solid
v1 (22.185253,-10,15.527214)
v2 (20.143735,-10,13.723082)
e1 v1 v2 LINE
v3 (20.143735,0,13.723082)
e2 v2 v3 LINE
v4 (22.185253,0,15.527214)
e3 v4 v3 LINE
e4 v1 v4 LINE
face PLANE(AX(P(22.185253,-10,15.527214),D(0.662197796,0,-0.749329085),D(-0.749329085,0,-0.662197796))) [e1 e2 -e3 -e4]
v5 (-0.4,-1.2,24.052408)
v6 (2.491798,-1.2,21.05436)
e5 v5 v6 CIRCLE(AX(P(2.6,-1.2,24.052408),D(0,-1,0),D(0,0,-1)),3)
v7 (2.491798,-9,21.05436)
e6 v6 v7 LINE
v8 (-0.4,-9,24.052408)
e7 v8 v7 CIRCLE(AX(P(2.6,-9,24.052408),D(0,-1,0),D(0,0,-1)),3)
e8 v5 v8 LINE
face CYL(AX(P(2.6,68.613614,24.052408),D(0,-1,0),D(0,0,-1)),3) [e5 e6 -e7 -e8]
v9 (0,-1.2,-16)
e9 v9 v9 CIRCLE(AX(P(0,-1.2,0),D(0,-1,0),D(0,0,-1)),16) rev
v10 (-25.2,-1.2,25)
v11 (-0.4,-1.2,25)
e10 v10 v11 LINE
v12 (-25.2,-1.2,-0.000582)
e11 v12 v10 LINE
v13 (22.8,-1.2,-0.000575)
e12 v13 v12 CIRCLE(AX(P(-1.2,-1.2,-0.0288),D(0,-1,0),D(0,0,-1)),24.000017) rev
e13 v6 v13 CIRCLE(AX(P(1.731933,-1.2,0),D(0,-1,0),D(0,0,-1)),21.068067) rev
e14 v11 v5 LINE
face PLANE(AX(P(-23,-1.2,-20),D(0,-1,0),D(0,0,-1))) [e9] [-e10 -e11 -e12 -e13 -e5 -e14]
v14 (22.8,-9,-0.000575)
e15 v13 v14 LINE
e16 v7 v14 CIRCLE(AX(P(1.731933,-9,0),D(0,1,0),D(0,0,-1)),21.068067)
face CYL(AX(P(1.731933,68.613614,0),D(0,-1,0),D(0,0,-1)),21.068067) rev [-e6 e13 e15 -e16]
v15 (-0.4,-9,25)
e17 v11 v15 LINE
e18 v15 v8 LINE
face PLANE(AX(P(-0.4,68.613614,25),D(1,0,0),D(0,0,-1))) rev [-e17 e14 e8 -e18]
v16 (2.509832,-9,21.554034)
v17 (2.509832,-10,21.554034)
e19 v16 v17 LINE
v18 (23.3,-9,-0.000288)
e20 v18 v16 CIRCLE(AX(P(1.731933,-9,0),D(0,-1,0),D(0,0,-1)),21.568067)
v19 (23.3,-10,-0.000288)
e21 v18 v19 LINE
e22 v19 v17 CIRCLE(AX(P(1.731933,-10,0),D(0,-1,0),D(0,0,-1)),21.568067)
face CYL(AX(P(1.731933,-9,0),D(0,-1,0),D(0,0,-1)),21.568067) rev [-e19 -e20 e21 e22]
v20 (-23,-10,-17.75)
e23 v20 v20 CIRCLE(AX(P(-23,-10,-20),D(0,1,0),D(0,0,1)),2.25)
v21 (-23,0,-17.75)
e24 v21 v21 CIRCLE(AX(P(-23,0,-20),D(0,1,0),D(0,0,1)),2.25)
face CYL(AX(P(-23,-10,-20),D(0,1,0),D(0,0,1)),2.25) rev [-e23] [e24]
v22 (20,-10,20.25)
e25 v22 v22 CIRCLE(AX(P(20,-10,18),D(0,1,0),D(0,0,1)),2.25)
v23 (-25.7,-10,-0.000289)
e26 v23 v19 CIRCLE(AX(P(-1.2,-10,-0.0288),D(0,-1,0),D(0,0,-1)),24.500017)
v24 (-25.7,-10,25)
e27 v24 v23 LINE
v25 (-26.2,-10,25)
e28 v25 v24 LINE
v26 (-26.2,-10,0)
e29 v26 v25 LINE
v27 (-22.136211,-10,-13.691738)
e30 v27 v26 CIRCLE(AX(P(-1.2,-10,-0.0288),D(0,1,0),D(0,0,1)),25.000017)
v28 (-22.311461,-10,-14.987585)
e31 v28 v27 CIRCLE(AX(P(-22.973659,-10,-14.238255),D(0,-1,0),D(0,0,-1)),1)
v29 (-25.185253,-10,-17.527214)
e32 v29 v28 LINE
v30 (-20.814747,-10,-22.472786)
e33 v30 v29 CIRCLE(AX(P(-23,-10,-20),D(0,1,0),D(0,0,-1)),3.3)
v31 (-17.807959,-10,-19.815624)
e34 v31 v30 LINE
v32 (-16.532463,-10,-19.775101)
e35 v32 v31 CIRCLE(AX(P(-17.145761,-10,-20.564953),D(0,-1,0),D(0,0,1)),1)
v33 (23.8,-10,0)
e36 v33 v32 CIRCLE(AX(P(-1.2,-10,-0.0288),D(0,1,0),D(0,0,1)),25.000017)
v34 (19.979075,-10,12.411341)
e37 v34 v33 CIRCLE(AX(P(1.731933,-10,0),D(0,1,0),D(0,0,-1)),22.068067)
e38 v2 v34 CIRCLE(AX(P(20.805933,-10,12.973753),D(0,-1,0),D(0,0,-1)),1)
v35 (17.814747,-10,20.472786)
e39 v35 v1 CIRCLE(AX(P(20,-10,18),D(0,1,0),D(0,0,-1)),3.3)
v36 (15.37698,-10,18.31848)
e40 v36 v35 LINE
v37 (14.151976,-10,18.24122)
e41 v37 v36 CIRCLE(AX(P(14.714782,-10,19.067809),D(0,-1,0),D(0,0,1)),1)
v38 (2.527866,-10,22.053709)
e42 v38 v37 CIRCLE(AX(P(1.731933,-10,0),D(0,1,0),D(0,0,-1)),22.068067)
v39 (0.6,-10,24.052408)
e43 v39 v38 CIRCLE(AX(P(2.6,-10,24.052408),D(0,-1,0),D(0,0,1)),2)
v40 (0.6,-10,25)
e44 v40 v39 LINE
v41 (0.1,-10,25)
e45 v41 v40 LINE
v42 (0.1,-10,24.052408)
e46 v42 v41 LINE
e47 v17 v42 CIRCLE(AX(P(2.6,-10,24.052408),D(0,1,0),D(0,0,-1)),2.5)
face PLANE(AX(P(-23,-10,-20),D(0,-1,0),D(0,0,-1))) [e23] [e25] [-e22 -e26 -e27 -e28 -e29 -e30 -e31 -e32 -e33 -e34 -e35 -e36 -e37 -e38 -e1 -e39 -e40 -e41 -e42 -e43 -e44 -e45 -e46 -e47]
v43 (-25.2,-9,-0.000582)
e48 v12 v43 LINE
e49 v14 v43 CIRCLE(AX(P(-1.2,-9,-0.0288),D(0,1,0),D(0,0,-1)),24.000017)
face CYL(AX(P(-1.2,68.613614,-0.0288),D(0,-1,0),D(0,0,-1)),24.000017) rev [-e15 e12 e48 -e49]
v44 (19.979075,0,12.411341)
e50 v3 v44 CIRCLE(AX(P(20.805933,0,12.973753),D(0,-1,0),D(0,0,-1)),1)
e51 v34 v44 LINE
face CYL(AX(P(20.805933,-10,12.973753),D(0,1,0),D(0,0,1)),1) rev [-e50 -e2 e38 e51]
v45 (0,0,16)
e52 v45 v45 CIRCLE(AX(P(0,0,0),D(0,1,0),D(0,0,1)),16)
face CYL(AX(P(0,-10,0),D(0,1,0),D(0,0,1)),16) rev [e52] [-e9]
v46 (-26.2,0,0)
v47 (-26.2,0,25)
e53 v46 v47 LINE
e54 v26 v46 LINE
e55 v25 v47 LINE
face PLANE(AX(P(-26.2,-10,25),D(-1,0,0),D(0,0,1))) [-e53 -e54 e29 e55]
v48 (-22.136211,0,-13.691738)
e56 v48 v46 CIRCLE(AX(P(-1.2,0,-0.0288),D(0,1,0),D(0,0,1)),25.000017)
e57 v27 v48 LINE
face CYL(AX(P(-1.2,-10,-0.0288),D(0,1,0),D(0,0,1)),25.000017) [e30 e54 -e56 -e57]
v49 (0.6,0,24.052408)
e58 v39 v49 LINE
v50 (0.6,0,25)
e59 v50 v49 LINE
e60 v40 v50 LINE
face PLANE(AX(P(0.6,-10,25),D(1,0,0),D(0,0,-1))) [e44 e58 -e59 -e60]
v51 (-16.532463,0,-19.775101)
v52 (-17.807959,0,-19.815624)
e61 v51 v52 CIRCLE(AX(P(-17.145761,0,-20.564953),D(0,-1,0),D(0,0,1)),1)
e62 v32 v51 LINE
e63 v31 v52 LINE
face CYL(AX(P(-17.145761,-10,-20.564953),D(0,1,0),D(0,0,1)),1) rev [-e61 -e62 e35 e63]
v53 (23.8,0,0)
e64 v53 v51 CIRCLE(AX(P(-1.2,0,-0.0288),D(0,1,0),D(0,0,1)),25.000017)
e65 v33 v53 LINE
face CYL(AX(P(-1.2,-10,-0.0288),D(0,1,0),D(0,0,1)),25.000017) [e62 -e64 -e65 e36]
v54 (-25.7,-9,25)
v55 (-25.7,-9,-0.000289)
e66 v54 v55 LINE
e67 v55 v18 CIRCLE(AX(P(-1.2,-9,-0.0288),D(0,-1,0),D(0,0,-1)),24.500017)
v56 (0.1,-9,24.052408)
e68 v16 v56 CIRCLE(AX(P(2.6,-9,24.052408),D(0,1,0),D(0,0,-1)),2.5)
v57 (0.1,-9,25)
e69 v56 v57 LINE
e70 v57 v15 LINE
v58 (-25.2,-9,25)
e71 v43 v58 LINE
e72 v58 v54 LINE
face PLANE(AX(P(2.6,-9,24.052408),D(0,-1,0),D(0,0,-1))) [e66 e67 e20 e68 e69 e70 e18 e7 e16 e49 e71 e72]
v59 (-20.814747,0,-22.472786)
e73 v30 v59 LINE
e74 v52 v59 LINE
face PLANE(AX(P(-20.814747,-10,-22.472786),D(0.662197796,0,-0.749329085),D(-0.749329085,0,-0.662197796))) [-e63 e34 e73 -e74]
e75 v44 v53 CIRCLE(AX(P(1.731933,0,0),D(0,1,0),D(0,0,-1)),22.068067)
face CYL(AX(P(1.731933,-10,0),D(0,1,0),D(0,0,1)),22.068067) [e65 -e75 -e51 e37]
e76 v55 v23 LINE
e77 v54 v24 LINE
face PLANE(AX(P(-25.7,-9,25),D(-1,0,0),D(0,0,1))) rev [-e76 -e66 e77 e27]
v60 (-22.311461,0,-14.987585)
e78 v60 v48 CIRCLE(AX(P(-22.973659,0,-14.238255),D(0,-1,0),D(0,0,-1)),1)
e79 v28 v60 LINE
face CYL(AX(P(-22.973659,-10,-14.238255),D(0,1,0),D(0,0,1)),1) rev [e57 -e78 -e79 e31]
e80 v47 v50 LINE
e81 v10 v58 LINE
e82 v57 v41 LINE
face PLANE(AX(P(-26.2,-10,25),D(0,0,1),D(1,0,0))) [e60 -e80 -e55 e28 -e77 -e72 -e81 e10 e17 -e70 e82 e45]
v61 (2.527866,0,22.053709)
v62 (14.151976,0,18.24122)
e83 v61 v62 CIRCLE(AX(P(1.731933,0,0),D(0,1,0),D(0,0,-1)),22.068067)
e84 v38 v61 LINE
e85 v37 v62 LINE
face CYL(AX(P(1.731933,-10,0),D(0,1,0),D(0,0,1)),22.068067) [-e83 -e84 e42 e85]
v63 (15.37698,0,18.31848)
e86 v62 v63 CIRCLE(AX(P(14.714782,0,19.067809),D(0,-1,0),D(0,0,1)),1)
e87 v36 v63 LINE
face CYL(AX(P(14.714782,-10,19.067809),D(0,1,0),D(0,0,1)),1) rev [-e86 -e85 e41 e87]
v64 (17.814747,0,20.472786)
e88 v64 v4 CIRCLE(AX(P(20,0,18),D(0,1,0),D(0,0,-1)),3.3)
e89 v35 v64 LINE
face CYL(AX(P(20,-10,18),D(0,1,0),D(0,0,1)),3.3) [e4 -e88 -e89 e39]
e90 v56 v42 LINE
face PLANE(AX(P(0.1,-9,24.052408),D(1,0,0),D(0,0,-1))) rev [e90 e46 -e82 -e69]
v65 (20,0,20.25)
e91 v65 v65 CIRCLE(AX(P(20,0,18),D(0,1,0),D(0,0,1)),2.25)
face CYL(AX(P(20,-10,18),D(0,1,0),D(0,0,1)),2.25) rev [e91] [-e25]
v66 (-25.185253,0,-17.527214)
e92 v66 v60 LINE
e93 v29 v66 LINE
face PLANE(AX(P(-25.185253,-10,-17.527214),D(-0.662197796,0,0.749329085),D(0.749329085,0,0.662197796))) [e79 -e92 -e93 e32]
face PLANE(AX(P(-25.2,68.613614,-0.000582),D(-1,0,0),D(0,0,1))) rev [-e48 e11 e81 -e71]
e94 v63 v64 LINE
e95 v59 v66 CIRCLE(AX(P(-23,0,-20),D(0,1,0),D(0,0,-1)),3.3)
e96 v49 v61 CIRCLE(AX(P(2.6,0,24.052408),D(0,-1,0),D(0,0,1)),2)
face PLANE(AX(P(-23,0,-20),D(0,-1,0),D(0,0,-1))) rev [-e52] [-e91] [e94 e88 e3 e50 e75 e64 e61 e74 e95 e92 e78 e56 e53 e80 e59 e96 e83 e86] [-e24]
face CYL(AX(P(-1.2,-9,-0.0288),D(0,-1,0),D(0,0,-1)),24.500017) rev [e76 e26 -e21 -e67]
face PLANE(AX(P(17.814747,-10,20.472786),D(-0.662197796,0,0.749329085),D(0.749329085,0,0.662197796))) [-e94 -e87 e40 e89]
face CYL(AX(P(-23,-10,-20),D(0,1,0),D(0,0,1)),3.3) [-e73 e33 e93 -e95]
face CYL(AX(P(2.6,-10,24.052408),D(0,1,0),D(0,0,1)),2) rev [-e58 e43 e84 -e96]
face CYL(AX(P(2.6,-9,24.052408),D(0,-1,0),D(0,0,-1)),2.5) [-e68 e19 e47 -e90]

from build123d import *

# Parameters (mm, degrees)
SKETCH_1_R          = 16
SKETCH_1_R_2        = 2.25
EXTRUDE_1_DEPTH     = 10
CUT_EXTRUDE_1_DEPTH = 8.8
CUT_EXTRUDE_8_DEPTH = 1


with BuildPart() as part:
    # Эскиз1 → Бобышка-Вытянуть1 (new body)
    with BuildSketch(Plane(origin=(0, 0, 0), x_dir=(1, 0, 0), z_dir=(0, 1, 0))):
        with BuildLine():
            Line((-26.2, -25), (0.6, -25))
            Line((0.6, -25), (0.6, -24.052407766))
            ThreePointArc((0.6, -24.052407766), (1.160508995, -22.66393175), (2.527865647, -22.05370903))
            ThreePointArc((2.527865647, -22.05370903), (8.609379582, -20.969032322), (14.151976117, -18.241220202))
            ThreePointArc((14.151976117, -18.241220202), (14.777726241, -18.069792078), (15.376980036, -18.318480053))
            Line((15.376980036, -18.318480053), (17.814747272, -20.472785982))
            ThreePointArc((17.814747272, -20.472785982), (22.472785982, -20.185252728), (22.185252728, -15.527214018))
            Line((22.185252728, -15.527214018), (20.143734708, -13.723081814))
            ThreePointArc((20.143734708, -13.723081814), (19.813719174, -13.098302749), (19.979075206, -12.411340949))
            ThreePointArc((19.979075206, -12.411340949), (22.823148445, -6.493089604), (23.8, 0))
            ThreePointArc((23.8, 0), (9.805861096, 22.475890034), (-16.53246264, 19.775101396))
            ThreePointArc((-16.53246264, 19.775101396), (-17.177514672, 19.565457211), (-17.807958535, 19.815623843))
            Line((-17.807958535, 19.815623843), (-20.814747272, 22.472785982))
            ThreePointArc((-20.814747272, 22.472785982), (-25.472785982, 22.185252728), (-25.185252728, 17.527214018))
            Line((-25.185252728, 17.527214018), (-22.311461479, 14.987584542))
            ThreePointArc((-22.311461479, 14.987584542), (-21.982680627, 14.372275298), (-22.136211376, 13.691738288))
            ThreePointArc((-22.136211376, 13.691738288), (-25.166639381, 7.142239829), (-26.2, 0))
            Line((-26.2, 0), (-26.2, -25))
        make_face()
        with Locations(Location((0, 0, 0), (0, 0, 270))):
            Circle(SKETCH_1_R, mode=Mode.SUBTRACT)
        with Locations(Location((-23, 20, 0), (0, 0, 270))):
            Circle(SKETCH_1_R_2, mode=Mode.SUBTRACT)
        with Locations(Location((20, -18, 0), (0, 0, 270))):
            Circle(SKETCH_1_R_2, mode=Mode.SUBTRACT)
    extrude(amount=-EXTRUDE_1_DEPTH)

    # Эскиз2 → Вырез-Вытянуть1 (cut)
    with BuildSketch(Plane(origin=(0, -10, 0), x_dir=(-1, 0, 0), z_dir=(0, -1, 0))):
        with BuildLine():
            Line((0.4, -25), (0.4, -24.052407766))
            ThreePointArc((0.4, -24.052407766), (-0.440763493, -21.969693742), (-2.491798471, -21.054359663))
            ThreePointArc((-2.491798471, -21.054359663), (-8.297732589, -20.018834368), (-13.589169994, -17.414631267))
            ThreePointArc((-13.589169994, -17.414631267), (-16.632858543, -14.893819788), (-19.152217909, -11.84892917))
            ThreePointArc((-19.152217909, -11.84892917), (-21.867498452, -6.198584635), (-22.799999992, 0.0005752))
            ThreePointArc((-22.799999992, 0.0005752), (-9.365885893, 21.577880063), (15.919164541, 18.985249865))
            ThreePointArc((15.919164541, 18.985249865), (18.852153178, 16.289251545), (21.298763477, 13.145221119))
            ThreePointArc((21.298763477, 13.145221119), (24.208055551, 6.857429147), (25.2, 0.000581878))
            Line((25.2, 0.000581878), (25.2, -25))
            Line((25.2, -25), (0.4, -25))
        make_face()
    extrude(amount=-CUT_EXTRUDE_1_DEPTH, mode=Mode.SUBTRACT)

    # Эскиз11 → Вырез-Вытянуть8 (cut)
    with BuildSketch(Plane.XZ.offset(10)):
        with BuildLine():
            Line((-0.4, 24.052407766), (-0.4, 25))
            Line((-0.4, 25), (0.1, 25))
            Line((0.1, 25), (0.1, 24.052407766))
            ThreePointArc((0.1, 24.052407766), (0.800636244, 22.316812746), (2.509832059, 21.554034346))
            ThreePointArc((2.509832059, 21.554034346), (17.255552057, 14.973268455), (23.299999998, -0.000287804))
            ThreePointArc((23.299999998, -0.000287804), (-1.199999175, -24.528816589), (-25.7, -0.000289454))
            Line((-25.7, -0.000289454), (-25.7, 25))
            Line((-25.7, 25), (-25.2, 25))
            Line((-25.2, 25), (-25.2, -0.000581878))
            ThreePointArc((-25.2, -0.000581878), (-1.199996661, -24.028816589), (22.799999992, -0.0005752))
            ThreePointArc((22.799999992, -0.0005752), (16.895779065, 14.626046024), (2.491798471, 21.054359663))
            ThreePointArc((2.491798471, 21.054359663), (0.440763493, 21.969693742), (-0.4, 24.052407766))
        make_face()
    extrude(amount=-CUT_EXTRUDE_8_DEPTH, mode=Mode.SUBTRACT)


solid = part.part
